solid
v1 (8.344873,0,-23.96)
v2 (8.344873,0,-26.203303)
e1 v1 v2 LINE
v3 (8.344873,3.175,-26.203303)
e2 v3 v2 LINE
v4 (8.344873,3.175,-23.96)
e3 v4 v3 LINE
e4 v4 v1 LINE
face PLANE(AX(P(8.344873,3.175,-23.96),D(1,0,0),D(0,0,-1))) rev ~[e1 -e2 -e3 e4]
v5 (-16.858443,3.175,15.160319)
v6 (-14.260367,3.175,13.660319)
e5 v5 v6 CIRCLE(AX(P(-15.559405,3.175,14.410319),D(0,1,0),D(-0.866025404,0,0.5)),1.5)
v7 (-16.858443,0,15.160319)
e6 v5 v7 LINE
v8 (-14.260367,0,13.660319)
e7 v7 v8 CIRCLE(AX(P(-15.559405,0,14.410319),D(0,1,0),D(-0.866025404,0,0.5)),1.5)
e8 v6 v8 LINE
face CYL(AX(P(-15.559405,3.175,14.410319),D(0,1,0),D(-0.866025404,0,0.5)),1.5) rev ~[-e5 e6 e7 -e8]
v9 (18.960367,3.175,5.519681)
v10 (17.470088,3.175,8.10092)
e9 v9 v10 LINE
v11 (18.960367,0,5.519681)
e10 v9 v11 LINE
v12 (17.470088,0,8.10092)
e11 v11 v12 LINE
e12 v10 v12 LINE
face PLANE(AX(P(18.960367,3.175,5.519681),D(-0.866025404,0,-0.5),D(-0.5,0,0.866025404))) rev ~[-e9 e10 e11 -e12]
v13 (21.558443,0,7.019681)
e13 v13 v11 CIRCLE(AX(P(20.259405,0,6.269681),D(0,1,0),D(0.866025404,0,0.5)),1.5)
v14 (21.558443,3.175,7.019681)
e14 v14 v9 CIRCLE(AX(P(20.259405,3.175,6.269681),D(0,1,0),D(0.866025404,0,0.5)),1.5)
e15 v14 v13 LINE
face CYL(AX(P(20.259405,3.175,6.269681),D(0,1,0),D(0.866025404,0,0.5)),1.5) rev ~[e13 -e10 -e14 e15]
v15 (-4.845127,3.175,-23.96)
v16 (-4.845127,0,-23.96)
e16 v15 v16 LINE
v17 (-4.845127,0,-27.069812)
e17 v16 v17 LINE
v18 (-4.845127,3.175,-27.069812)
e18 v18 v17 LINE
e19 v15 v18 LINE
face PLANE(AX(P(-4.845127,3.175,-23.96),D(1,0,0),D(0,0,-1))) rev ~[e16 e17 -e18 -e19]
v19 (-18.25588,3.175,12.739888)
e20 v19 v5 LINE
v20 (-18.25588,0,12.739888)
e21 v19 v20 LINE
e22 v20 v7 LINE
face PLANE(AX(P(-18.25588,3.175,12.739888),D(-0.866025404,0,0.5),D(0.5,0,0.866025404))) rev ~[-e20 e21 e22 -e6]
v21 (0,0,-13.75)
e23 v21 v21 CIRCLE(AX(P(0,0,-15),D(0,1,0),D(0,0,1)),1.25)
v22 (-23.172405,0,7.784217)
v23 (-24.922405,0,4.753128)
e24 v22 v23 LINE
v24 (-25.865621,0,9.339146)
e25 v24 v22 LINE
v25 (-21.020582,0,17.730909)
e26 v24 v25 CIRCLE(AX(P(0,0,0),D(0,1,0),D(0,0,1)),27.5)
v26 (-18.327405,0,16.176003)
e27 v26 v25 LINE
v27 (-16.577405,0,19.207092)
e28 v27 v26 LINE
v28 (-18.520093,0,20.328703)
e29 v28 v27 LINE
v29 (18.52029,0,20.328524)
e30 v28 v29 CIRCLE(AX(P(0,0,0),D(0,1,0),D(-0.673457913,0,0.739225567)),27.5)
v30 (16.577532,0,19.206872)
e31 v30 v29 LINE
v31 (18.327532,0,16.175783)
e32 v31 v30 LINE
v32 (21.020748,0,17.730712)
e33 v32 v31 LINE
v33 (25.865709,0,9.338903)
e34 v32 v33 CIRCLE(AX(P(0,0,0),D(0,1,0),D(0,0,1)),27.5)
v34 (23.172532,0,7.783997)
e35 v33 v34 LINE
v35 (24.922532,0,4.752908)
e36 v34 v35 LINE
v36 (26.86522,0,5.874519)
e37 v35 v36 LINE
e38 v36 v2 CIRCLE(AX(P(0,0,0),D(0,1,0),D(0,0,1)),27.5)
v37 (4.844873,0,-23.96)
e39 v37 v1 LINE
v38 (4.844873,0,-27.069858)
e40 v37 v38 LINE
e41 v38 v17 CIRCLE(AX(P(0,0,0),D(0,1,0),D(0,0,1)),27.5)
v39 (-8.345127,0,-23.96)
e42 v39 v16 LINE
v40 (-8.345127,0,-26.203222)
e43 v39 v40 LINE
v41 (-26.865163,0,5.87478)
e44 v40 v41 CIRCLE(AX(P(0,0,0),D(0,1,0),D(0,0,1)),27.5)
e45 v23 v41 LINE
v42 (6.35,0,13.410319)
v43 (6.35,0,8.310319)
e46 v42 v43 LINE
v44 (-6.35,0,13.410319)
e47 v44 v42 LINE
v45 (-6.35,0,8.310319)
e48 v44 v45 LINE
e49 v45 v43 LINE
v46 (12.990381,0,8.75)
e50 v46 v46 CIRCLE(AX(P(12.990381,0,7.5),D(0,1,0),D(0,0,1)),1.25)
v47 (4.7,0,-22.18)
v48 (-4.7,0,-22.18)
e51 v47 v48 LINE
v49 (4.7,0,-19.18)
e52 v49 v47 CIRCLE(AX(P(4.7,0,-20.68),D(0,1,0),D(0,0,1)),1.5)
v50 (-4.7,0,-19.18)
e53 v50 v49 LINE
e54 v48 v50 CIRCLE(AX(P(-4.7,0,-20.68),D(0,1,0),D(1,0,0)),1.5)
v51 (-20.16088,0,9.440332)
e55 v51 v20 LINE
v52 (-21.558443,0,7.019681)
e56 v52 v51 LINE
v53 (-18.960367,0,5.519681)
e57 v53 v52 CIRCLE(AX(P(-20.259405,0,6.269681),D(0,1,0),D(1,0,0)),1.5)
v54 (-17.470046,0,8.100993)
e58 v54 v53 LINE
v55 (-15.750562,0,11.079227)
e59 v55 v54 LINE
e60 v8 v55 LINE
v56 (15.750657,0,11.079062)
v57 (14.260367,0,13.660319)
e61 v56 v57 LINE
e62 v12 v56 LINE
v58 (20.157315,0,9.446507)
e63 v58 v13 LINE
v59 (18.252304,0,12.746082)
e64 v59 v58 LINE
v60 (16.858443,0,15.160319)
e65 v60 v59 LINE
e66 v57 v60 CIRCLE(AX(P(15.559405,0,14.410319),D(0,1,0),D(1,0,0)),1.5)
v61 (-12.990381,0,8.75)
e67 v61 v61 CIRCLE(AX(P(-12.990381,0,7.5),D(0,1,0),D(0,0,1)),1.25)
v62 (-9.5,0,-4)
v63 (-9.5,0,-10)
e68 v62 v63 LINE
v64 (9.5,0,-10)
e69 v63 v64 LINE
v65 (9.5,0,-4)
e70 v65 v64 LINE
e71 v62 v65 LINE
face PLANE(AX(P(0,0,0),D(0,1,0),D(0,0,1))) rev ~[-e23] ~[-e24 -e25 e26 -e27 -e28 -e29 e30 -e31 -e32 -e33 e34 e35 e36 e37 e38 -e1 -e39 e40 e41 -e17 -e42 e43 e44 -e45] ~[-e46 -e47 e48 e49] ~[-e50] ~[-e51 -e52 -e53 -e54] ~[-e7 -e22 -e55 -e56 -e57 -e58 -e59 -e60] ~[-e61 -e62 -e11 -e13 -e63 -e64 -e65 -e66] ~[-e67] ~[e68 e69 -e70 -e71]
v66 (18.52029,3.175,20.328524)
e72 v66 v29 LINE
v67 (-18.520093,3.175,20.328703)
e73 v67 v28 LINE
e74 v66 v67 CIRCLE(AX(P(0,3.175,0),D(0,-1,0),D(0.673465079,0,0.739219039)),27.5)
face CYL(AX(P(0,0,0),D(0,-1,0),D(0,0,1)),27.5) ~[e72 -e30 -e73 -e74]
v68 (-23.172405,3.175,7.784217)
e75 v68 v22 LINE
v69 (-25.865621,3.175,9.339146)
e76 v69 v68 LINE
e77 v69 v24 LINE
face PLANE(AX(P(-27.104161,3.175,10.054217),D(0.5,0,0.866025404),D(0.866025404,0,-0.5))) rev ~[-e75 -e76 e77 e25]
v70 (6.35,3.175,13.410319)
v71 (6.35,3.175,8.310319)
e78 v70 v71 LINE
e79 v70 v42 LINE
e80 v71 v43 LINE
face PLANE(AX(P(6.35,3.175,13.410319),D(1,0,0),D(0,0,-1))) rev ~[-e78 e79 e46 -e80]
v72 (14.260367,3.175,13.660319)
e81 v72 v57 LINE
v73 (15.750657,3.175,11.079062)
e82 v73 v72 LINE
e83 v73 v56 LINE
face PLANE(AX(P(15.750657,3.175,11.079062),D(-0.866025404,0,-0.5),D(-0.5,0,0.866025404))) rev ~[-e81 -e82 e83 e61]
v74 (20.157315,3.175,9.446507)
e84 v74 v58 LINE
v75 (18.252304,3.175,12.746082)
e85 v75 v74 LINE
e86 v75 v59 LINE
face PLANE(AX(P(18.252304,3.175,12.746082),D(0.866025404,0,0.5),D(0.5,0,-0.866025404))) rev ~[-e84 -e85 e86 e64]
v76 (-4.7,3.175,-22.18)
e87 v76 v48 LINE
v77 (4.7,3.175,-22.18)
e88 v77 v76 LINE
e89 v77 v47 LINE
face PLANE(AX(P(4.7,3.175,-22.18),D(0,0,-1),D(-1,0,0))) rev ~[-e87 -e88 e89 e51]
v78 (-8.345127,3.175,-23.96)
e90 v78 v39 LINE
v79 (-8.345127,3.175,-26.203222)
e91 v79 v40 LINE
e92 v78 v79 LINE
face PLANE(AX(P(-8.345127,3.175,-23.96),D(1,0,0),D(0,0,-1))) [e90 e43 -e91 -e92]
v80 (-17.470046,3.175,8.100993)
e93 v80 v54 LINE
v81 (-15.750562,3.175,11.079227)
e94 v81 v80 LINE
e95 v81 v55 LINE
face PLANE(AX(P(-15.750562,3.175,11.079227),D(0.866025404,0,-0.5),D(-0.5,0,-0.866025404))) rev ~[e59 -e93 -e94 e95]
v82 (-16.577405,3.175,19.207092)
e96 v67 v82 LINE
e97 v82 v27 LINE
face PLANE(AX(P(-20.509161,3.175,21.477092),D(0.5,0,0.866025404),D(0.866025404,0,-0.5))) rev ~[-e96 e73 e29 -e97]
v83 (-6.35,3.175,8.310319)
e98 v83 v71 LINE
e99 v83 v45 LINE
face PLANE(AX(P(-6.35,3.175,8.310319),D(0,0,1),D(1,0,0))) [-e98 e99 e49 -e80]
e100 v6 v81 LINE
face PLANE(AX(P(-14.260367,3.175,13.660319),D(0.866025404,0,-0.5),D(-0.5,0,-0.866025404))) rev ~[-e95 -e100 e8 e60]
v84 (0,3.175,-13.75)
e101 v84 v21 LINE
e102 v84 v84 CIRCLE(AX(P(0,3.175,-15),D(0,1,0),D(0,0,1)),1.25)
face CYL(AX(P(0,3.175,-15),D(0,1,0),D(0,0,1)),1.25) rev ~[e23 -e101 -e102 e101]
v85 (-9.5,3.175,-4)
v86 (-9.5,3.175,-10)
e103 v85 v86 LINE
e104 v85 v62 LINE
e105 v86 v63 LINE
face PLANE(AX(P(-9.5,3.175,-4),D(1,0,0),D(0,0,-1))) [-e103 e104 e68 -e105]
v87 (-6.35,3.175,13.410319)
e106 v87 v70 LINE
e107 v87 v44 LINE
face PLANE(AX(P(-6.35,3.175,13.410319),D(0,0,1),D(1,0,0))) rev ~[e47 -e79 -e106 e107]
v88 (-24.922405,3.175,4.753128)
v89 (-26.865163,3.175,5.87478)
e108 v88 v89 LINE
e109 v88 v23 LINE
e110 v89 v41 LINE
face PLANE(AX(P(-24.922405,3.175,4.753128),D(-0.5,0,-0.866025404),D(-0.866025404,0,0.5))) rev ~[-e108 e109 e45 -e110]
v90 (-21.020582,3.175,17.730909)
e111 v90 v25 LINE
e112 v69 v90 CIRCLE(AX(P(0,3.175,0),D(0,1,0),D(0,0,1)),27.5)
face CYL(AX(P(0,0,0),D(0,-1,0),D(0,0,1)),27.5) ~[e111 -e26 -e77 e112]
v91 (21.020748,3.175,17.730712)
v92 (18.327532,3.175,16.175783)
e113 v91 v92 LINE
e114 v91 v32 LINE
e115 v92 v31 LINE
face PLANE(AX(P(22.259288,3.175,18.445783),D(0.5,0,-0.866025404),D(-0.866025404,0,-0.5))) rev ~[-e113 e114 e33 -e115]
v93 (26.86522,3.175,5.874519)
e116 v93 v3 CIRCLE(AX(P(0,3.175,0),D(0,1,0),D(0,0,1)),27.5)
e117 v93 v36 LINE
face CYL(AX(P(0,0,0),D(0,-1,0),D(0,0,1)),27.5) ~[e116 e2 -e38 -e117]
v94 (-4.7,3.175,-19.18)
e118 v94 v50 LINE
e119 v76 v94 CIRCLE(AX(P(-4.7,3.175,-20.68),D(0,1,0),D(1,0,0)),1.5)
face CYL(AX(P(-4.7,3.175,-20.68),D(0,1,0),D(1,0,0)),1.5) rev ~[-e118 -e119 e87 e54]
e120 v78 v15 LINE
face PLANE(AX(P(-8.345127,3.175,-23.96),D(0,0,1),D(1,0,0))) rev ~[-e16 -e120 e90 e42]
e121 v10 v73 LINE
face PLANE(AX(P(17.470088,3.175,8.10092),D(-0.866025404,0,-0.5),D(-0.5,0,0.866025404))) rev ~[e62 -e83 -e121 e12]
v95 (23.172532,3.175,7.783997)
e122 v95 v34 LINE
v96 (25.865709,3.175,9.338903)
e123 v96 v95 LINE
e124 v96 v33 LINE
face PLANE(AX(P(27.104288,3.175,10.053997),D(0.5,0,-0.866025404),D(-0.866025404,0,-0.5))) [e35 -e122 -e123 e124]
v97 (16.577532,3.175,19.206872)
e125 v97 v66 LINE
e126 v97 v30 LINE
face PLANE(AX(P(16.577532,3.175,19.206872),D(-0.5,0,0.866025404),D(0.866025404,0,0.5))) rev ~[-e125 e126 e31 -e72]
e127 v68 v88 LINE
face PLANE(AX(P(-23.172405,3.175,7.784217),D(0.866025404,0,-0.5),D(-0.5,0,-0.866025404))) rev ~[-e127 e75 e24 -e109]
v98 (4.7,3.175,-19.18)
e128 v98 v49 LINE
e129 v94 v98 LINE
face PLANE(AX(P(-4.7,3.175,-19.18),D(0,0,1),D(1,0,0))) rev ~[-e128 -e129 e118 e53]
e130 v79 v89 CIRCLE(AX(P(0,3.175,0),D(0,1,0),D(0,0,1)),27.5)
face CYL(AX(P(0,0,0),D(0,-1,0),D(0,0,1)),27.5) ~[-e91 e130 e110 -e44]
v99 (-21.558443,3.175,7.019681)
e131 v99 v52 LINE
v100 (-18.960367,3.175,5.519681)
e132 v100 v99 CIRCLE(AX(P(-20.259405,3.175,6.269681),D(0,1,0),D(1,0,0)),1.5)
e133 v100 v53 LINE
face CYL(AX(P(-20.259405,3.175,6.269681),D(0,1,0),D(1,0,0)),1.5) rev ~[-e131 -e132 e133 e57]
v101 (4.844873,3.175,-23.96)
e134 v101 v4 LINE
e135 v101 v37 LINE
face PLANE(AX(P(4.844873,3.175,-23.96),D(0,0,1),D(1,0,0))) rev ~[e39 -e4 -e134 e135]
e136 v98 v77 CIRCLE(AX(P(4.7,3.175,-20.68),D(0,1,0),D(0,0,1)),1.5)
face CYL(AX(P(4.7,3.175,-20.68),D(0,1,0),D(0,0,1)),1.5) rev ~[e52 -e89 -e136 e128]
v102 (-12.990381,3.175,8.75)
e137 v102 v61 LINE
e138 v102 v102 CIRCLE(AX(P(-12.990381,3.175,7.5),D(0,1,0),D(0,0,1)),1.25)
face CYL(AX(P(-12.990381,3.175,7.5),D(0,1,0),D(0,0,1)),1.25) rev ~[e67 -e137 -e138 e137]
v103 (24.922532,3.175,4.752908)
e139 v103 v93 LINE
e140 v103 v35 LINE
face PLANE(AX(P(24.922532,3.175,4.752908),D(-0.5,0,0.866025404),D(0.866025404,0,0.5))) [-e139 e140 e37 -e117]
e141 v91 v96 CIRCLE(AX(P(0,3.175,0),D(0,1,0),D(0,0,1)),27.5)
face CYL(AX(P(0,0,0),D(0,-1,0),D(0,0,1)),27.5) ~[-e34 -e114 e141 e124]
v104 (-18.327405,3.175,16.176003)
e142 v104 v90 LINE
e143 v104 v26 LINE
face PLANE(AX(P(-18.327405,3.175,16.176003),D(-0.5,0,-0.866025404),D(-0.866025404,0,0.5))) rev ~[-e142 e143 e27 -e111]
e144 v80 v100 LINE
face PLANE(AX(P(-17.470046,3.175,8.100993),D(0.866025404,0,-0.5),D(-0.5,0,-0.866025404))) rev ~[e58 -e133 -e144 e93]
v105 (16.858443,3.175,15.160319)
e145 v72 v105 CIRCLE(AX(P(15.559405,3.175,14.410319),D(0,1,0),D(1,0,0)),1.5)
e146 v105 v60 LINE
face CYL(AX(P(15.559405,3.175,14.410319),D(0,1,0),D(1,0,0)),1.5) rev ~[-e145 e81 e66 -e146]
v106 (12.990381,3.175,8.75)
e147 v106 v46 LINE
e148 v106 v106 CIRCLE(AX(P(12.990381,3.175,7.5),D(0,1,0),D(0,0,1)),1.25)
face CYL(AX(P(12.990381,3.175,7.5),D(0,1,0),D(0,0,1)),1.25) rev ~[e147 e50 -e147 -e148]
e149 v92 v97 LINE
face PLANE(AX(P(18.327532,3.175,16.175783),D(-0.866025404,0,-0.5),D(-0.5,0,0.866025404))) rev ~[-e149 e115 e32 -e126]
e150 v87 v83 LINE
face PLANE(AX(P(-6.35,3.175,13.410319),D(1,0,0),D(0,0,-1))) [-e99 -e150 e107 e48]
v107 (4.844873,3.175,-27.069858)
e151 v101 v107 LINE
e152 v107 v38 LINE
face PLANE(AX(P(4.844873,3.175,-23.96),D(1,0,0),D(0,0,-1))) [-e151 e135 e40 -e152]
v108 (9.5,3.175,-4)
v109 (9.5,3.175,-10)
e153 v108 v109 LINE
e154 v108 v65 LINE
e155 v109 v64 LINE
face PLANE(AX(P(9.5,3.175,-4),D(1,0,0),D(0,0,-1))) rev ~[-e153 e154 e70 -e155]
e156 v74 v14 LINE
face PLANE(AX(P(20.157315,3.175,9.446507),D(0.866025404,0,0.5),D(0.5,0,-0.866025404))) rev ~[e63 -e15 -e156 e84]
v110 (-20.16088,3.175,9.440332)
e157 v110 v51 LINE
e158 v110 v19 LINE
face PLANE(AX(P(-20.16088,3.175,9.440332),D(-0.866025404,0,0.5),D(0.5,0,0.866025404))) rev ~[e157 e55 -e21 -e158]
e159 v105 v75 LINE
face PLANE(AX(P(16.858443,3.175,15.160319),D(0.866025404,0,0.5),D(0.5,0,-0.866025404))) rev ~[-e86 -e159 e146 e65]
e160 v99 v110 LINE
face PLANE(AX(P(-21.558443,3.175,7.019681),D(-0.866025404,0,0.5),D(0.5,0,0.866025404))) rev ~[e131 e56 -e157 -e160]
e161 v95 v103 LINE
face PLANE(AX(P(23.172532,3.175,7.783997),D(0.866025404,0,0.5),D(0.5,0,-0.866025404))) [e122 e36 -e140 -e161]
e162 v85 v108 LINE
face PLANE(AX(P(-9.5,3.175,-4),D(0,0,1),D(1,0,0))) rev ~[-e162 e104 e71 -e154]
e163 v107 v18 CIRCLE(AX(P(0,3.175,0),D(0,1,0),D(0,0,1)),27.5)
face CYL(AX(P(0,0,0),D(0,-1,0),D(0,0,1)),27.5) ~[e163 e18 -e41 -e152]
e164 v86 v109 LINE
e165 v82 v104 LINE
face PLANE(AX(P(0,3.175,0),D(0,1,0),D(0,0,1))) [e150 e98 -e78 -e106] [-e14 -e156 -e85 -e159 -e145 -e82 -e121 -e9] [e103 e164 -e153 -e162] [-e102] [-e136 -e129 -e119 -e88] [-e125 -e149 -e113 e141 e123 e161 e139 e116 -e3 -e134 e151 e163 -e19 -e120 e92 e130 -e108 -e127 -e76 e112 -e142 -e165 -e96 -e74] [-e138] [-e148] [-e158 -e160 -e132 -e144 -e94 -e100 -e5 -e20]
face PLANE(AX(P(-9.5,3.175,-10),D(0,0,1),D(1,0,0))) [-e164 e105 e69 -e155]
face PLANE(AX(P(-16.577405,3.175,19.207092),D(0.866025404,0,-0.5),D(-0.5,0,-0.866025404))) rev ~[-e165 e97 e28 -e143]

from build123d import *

# Parameters (mm, degrees)
SKETCH2_R           = 27.5
BOSS_EXTRUDE1_DEPTH = 3.175
SKETCH3_R           = 1.5
SKETCH3_R_2         = 1.25
SKETCH3_W           = 3.81
SKETCH3_H           = 1.5
CUT_EXTRUDE1_DEPTH  = 3.175
SKETCH4_W           = 3.5
SKETCH4_H           = 4.54
CUT_EXTRUDE2_DEPTH  = 10
SKETCH5_W           = 19
SKETCH5_H           = 6
SKETCH5_W_2         = 12.7
SKETCH5_H_2         = 5.1
CUT_EXTRUDE3_DEPTH  = 10


with BuildPart() as part:
    # Sketch2 → Boss-Extrude1 (new body)
    with BuildSketch(Plane(origin=(0, 0, 0), x_dir=(1, 0, 0), z_dir=(0, 1, 0))):
        with Locations(Location((0, 0, 0), (0, 0, 270))):
            Circle(SKETCH2_R)
    extrude(amount=BOSS_EXTRUDE1_DEPTH)

    # Sketch3 → Cut-Extrude1 (cut)
    with BuildSketch(Plane(origin=(0, 3.175, 0), x_dir=(1, 0, 0), z_dir=(0, 1, 0))):
        with Locations((-4.7, 20.68)):
            Circle(SKETCH3_R)
        with Locations(Location((0, 15, 0), (0, 0, 270))):
            Circle(SKETCH3_R_2)
        with Locations(Location((-12.990381057, -7.5, 0), (0, 0, 270))):
            Circle(SKETCH3_R_2)
        with Locations(Location((12.990381057, -7.5, 0), (0, 0, 270))):
            Circle(SKETCH3_R_2)
        with BuildLine():
            Line((-1.90505, 20.68), (-1.90505, 22.18))
            Line((-1.90505, 22.18), (-4.7, 22.18))
            ThreePointArc((-4.7, 22.18), (-3.639339828, 21.740660172), (-3.2, 20.68))
            ThreePointArc((-3.2, 20.68), (-3.639339828, 19.619339828), (-4.7, 19.18))
            Line((-4.7, 19.18), (-1.174368952, 19.18))
            ThreePointArc((-1.174368952, 19.18), (-1.71266534, 19.845749619), (-1.90505, 20.68))
        make_face()
        with BuildLine():
            Line((1.90495, 20.68), (-1.90505, 20.68))
            ThreePointArc((-1.90505, 20.68), (-1.71266534, 19.845749619), (-1.174368952, 19.18))
            Line((-1.174368952, 19.18), (1.174268952, 19.18))
            ThreePointArc((1.174268952, 19.18), (1.71256534, 19.845749619), (1.90495, 20.68))
        make_face()
        with Locations((-5e-05, 21.43)):
            Rectangle(SKETCH3_W, SKETCH3_H)
        with BuildLine():
            Line((4.7, 22.18), (1.90495, 22.18))
            Line((1.90495, 22.18), (1.90495, 20.68))
            ThreePointArc((1.90495, 20.68), (1.71256534, 19.845749619), (1.174268952, 19.18))
            Line((1.174268952, 19.18), (4.7, 19.18))
            ThreePointArc((4.7, 19.18), (3.2, 20.68), (4.7, 22.18))
        make_face()
        with Locations((4.7, 20.68)):
            Circle(SKETCH3_R)
        with Locations((-15.55940535, -14.410319398)):
            Circle(SKETCH3_R)
        with BuildLine():
            ThreePointArc((-15.750561777, -11.079226754), (-16.027379451, -11.399040856), (-16.367944576, -11.649888379))
            Line((-16.367944576, -11.649888379), (-18.255879956, -12.739888379))
            Line((-18.255879956, -12.739888379), (-16.858443456, -15.160319398))
            ThreePointArc((-16.858443456, -15.160319398), (-16.30940535, -13.111281292), (-14.260367245, -13.660319398))
            Line((-14.260367245, -13.660319398), (-15.750561777, -11.079226754))
        make_face()
        Polygon((-18.255879956, -12.739888379), (-16.367944576, -11.649888379), (-18.272944576, -8.350331591), (-20.160879956, -9.440331591), align=None)
        with BuildLine():
            Line((-18.272944576, -8.350331591), (-16.367944576, -11.649888379))
            ThreePointArc((-16.367944576, -11.649888379), (-16.027379451, -11.399040856), (-15.750561777, -11.079226754))
            Line((-15.750561777, -11.079226754), (-17.470045712, -8.100993217))
            ThreePointArc((-17.470045712, -8.100993217), (-17.885421686, -8.180817303), (-18.272944576, -8.350331591))
        make_face()
        with BuildLine():
            Line((-20.160879956, -9.440331591), (-18.272944576, -8.350331591))
            ThreePointArc((-18.272944576, -8.350331591), (-17.885421686, -8.180817303), (-17.470045712, -8.100993217))
            Line((-17.470045712, -8.100993217), (-18.960367245, -5.519680602))
            ThreePointArc((-18.960367245, -5.519680602), (-18.810516611, -5.881452035), (-18.75940535, -6.269680602))
            ThreePointArc((-18.75940535, -6.269680602), (-19.871176783, -7.718569342), (-21.558443456, -7.019680602))
            Line((-21.558443456, -7.019680602), (-20.160879956, -9.440331591))
        make_face()
        with Locations((-20.25940535, -6.269680602)):
            Circle(SKETCH3_R)
        with BuildLine():
            ThreePointArc((17.470087928, -8.100920096), (17.888564549, -8.181681202), (18.278613112, -8.353457675))
            Line((18.278613112, -8.353457675), (20.157314831, -9.446506568))
            Line((20.157314831, -9.446506568), (21.558443456, -7.019680602))
            ThreePointArc((21.558443456, -7.019680602), (19.50940535, -7.568718708), (18.960367245, -5.519680602))
            Line((18.960367245, -5.519680602), (17.470087928, -8.100920096))
        make_face()
        Polygon((18.278613112, -8.353457675), (16.362606816, -11.646635452), (18.252304213, -12.746081749), (20.157314831, -9.446506568), align=None)
        with BuildLine():
            Line((18.252304213, -12.746081749), (16.362606816, -11.646635452))
            ThreePointArc((16.362606816, -11.646635452), (16.025165892, -11.396774761), (15.75065718, -11.079061511))
            Line((15.75065718, -11.079061511), (14.260367245, -13.660319398))
            ThreePointArc((14.260367245, -13.660319398), (15.947633918, -12.961430658), (17.05940535, -14.410319398))
            ThreePointArc((17.05940535, -14.410319398), (17.00829409, -14.798547965), (16.858443456, -15.160319398))
            Line((16.858443456, -15.160319398), (18.252304213, -12.746081749))
        make_face()
        with BuildLine():
            ThreePointArc((15.75065718, -11.079061511), (16.025165892, -11.396774761), (16.362606816, -11.646635452))
            Line((16.362606816, -11.646635452), (18.278613112, -8.353457675))
            ThreePointArc((18.278613112, -8.353457675), (17.888564549, -8.181681202), (17.470087928, -8.100920096))
            Line((17.470087928, -8.100920096), (15.75065718, -11.079061511))
        make_face()
        with Locations((15.55940535, -14.410319398)):
            Circle(SKETCH3_R)
        with Locations((20.25940535, -6.269680602)):
            Circle(SKETCH3_R)
    extrude(amount=-CUT_EXTRUDE1_DEPTH, mode=Mode.SUBTRACT)

    # Sketch4 → Cut-Extrude2 (cut)
    with BuildSketch(Plane(origin=(0, 3.175, 0), x_dir=(1, 0, 0), z_dir=(0, 1, 0))):
        Polygon((-27.104160508, -10.054216904), (-23.172405175, -7.784216904), (-24.922405175, -4.753127991), (-28.854160508, -7.023127991), align=None)
        Polygon((-22.259160508, -18.446003067), (-20.509160508, -21.47709198), (-16.577405175, -19.20709198), (-18.327405175, -16.176003067), align=None)
        with Locations((6.594873, 26.23)):
            Rectangle(SKETCH4_W, SKETCH4_H)
        with Locations((-6.595127, 26.23)):
            Rectangle(SKETCH4_W, SKETCH4_H)
        Polygon((22.259287508, -18.445783096), (18.327532175, -16.175783096), (16.577532175, -19.206872009), (20.509287508, -21.476872009), align=None)
        Polygon((27.104287508, -10.053996933), (23.172532175, -7.783996933), (24.922532175, -4.75290802), (28.854287508, -7.02290802), align=None)
    extrude(amount=-CUT_EXTRUDE2_DEPTH, mode=Mode.SUBTRACT)

    # Sketch5 → Cut-Extrude3 (cut)
    with BuildSketch(Plane(origin=(0, 3.175, 0), x_dir=(1, 0, 0), z_dir=(0, 1, 0))):
        with Locations((0, 7)):
            Rectangle(SKETCH5_W, SKETCH5_H)
        with Locations((0, -10.860319398)):
            Rectangle(SKETCH5_W_2, SKETCH5_H_2)
    extrude(amount=-CUT_EXTRUDE3_DEPTH, mode=Mode.SUBTRACT)


solid = part.part
